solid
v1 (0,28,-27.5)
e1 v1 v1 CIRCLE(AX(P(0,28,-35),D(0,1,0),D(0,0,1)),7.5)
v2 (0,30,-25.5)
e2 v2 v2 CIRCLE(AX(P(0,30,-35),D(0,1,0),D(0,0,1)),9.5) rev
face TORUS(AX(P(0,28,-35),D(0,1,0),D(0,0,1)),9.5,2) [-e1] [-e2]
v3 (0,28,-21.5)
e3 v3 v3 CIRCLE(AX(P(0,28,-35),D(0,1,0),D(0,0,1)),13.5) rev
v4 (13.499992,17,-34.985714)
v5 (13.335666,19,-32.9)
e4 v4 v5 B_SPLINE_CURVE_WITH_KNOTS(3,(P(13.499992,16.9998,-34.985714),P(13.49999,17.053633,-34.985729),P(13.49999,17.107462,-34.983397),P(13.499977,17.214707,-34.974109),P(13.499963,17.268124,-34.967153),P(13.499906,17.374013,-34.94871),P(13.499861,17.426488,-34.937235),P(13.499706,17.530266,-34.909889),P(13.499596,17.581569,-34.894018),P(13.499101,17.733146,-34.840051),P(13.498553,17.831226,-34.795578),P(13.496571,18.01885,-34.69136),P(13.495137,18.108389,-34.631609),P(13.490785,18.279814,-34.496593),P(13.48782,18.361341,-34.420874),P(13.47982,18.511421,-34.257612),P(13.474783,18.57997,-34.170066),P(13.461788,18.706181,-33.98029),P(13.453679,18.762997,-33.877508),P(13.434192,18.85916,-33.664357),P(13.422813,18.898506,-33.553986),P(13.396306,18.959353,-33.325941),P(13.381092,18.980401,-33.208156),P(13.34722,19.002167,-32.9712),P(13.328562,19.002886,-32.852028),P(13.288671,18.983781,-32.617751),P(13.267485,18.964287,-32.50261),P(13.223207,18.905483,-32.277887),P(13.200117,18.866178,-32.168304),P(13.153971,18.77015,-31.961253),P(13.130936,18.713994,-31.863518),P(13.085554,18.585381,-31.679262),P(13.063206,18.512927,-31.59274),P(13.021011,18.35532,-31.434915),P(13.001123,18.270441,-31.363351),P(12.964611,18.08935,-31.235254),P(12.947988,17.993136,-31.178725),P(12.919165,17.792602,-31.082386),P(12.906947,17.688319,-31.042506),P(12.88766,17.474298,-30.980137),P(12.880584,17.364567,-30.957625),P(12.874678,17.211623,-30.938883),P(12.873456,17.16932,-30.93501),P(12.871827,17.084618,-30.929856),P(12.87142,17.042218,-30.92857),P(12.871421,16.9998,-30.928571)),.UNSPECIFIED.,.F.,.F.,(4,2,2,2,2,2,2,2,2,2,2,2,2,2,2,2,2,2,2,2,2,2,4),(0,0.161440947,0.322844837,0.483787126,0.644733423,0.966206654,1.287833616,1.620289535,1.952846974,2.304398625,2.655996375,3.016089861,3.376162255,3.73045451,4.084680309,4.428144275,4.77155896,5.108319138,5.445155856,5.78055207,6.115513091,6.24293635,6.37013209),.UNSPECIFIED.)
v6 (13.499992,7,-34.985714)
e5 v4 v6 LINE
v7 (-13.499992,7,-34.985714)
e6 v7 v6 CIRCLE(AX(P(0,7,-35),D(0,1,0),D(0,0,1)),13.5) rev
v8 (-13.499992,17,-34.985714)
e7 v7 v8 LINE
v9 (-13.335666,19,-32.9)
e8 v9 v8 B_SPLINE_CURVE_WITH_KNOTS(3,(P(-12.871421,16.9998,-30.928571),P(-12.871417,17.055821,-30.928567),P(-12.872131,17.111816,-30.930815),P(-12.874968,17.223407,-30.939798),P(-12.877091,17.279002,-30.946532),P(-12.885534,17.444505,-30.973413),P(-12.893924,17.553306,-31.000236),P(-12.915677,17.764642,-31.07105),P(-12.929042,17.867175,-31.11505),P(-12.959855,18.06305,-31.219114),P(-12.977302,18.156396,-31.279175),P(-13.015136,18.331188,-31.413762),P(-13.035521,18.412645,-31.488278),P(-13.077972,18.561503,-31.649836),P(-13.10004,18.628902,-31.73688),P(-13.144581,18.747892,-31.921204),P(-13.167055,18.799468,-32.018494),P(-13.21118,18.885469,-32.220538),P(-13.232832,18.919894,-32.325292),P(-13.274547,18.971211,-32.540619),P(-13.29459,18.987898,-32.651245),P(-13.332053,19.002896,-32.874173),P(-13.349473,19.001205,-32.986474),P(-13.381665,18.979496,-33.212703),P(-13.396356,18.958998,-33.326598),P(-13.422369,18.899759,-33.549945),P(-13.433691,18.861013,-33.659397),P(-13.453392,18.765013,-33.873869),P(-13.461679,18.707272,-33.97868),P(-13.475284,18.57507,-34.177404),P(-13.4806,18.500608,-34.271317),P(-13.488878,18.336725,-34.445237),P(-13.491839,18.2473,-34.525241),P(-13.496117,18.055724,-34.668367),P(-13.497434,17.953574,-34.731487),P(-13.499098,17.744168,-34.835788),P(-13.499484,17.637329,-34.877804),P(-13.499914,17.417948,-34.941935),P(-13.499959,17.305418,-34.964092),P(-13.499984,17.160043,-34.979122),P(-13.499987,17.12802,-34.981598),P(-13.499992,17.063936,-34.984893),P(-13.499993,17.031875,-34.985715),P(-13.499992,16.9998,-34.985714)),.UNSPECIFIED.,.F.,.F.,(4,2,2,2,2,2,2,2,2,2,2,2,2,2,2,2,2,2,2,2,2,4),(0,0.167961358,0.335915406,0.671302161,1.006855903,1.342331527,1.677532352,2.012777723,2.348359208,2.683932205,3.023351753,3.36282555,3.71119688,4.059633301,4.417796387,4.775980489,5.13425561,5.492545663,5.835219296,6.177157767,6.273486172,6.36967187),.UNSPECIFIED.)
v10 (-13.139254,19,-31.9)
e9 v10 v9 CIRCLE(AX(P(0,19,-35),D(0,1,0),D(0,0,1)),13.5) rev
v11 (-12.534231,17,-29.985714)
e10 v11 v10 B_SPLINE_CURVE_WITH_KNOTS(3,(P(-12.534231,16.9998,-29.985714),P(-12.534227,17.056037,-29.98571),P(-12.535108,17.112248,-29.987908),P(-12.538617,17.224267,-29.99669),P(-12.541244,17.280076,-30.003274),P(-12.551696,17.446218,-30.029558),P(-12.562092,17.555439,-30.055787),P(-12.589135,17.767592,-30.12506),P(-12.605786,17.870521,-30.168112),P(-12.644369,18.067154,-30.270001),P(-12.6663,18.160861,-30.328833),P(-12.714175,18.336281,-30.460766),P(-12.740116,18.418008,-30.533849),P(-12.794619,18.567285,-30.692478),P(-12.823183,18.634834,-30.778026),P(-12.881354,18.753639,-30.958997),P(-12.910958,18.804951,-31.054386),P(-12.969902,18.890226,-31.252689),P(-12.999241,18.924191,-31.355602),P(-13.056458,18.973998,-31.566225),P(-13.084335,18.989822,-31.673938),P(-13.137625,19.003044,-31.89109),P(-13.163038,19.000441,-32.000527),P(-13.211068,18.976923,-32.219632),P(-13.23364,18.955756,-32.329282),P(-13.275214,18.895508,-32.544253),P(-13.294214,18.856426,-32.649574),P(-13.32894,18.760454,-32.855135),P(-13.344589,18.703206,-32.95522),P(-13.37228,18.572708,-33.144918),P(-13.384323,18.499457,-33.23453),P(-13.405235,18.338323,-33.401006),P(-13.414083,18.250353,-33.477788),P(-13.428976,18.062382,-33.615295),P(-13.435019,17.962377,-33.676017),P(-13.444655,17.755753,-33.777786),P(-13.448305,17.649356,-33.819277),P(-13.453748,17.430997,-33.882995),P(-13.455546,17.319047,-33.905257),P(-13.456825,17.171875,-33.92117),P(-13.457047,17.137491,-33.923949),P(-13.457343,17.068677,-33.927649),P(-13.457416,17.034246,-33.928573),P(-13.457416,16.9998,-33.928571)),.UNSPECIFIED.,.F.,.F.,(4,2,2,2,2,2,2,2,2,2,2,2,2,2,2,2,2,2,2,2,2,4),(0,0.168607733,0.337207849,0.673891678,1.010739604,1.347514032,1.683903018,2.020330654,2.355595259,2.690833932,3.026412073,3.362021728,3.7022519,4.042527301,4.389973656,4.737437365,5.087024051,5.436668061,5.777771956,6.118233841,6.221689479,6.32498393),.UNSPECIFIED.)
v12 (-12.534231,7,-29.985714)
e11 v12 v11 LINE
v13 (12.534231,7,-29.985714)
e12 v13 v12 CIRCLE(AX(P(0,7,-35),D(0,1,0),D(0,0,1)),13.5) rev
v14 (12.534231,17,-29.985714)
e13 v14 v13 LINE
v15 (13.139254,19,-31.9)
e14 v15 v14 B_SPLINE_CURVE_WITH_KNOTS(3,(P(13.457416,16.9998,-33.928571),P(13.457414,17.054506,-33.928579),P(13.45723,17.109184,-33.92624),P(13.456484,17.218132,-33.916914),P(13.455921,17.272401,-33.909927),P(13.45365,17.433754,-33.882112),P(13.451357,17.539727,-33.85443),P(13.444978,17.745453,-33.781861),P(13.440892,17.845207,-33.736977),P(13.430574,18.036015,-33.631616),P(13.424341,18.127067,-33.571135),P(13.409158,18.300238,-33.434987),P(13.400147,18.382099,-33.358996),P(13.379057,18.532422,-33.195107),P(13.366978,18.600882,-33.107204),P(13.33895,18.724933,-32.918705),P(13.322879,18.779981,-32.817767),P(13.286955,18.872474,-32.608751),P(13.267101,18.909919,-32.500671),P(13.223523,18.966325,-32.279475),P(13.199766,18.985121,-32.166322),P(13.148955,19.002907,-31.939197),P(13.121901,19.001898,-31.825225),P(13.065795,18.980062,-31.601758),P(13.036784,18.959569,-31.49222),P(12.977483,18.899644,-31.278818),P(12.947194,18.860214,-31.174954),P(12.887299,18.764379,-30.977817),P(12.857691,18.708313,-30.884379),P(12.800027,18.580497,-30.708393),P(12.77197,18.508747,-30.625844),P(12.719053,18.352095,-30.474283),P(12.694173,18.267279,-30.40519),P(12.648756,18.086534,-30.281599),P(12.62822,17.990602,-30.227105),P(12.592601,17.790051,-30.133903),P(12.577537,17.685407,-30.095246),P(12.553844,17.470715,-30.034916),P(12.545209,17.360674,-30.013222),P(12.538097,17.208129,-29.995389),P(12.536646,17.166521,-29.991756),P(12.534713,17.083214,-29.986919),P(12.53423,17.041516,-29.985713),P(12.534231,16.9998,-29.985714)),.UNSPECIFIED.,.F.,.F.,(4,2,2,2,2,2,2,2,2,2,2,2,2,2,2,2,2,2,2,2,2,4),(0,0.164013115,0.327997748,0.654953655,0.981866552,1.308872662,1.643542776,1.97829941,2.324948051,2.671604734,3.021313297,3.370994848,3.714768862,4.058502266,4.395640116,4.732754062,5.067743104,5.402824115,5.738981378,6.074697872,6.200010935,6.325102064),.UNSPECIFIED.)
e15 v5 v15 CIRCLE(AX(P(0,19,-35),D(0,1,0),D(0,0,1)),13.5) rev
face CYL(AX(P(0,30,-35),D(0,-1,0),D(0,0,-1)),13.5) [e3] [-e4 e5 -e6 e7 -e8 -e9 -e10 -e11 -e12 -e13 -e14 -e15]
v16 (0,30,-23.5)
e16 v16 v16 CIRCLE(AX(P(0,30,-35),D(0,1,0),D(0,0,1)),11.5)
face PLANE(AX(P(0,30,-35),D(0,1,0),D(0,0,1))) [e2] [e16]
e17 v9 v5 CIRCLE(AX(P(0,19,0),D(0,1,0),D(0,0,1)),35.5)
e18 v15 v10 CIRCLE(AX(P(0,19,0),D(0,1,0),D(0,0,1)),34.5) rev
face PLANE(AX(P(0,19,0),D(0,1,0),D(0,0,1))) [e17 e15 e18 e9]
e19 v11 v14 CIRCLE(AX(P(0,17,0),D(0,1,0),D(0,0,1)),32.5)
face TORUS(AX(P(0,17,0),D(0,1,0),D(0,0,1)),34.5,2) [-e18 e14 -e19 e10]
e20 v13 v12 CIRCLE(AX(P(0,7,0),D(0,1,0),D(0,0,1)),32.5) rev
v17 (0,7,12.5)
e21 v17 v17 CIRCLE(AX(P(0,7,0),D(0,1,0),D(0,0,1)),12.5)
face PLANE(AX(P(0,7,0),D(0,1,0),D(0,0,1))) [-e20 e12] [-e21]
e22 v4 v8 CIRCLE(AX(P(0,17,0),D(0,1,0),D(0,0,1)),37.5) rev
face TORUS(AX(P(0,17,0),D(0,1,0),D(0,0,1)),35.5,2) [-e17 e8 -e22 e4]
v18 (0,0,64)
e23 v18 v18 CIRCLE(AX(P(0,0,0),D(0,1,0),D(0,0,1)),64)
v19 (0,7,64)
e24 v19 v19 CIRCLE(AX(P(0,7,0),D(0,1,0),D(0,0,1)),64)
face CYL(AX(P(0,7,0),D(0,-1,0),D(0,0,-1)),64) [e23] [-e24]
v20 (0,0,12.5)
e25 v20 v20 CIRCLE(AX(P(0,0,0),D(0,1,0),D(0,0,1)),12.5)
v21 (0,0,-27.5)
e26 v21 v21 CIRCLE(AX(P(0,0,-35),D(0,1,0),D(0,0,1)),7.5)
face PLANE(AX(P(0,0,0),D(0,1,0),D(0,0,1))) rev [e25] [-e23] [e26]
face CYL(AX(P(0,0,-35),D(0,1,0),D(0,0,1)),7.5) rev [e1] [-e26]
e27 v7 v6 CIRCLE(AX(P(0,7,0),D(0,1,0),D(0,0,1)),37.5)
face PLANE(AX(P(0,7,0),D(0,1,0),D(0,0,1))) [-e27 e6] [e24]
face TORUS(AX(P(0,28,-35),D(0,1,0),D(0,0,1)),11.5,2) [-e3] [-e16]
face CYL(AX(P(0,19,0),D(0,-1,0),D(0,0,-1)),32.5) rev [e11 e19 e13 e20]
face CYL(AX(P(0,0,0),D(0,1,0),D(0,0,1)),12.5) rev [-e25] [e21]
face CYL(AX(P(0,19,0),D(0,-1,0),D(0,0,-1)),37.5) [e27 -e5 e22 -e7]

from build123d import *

# Parameters (mm, degrees)
SKETCH_4_R          = 64
EXTRUDE_1_DEPTH     = 7
SKETCH_5_R          = 37.5
SKETCH_5_R_2        = 32.5
EXTRUDE_2_DEPTH     = 12
SKETCH_7_R          = 12.5
CUT_EXTRUDE_1_DEPTH = 92.301697684
FILLET_1_R          = 2
SKETCH_10_R         = 13.5
EXTRUDE_3_DEPTH     = 30
SKETCH_11_R         = 7.5
CUT_EXTRUDE_2_DEPTH = 96.351979528
FILLET_2_R          = 2


with BuildPart() as part:
    # 草图4 → 凸台-拉伸1 (new body)
    with BuildSketch(Plane(origin=(0, 0, 0), x_dir=(1, 0, 0), z_dir=(0, 1, 0))):
        with Locations(Location((0, 0, 0), (0, 0, 270))):
            Circle(SKETCH_4_R)
    extrude(amount=EXTRUDE_1_DEPTH)

    # 草图5 → 凸台-拉伸2 (add)
    with BuildSketch(Plane(origin=(0, 7, 0), x_dir=(1, 0, 0), z_dir=(0, 1, 0))):
        with Locations(Location((0, 0, 0), (0, 0, 270))):
            Circle(SKETCH_5_R)
        with Locations(Location((0, 0, 0), (0, 0, 270))):
            Circle(SKETCH_5_R_2, mode=Mode.SUBTRACT)
    extrude(amount=EXTRUDE_2_DEPTH)

    # 草图7 → 切除-拉伸1 (cut, through all)
    with BuildSketch(Plane(origin=(0, 7, 0), x_dir=(1, 0, 0), z_dir=(0, 1, 0))):
        with Locations(Location((0, 0, 0), (0, 0, 270))):
            Circle(SKETCH_7_R)
    extrude(amount=-CUT_EXTRUDE_1_DEPTH, mode=Mode.SUBTRACT)

    # 圆角1
    fillet_1_edges = [part.edges().sort_by_distance(p)[0] for p in [
        (0, 19, -32.5),
        (0, 19, -37.5),
    ]]
    fillet(fillet_1_edges, radius=FILLET_1_R)

    # 草图10 → 凸台-拉伸3 (add)
    with BuildSketch(Plane(origin=(0, 0, 0), x_dir=(1, 0, 0), z_dir=(0, 1, 0))):
        with Locations(Location((0, 35, 0), (0, 0, 359.939369671))):
            Circle(SKETCH_10_R)
    extrude(amount=EXTRUDE_3_DEPTH)

    # 草图11 → 切除-拉伸2 (cut, through all)
    with BuildSketch(Plane(origin=(0, 30, 0), x_dir=(1, 0, 0), z_dir=(0, 1, 0))):
        with Locations(Location((0, 35, 0), (0, 0, 270))):
            Circle(SKETCH_11_R)
    extrude(amount=-CUT_EXTRUDE_2_DEPTH, mode=Mode.SUBTRACT)

    # 圆角2
    fillet_2_edges = [part.edges().sort_by_distance(p)[0] for p in [
        (-13.499992441, 30, -35.014285682),
        (0, 30, -42.5),
    ]]
    fillet(fillet_2_edges, radius=FILLET_2_R)


solid = part.part
